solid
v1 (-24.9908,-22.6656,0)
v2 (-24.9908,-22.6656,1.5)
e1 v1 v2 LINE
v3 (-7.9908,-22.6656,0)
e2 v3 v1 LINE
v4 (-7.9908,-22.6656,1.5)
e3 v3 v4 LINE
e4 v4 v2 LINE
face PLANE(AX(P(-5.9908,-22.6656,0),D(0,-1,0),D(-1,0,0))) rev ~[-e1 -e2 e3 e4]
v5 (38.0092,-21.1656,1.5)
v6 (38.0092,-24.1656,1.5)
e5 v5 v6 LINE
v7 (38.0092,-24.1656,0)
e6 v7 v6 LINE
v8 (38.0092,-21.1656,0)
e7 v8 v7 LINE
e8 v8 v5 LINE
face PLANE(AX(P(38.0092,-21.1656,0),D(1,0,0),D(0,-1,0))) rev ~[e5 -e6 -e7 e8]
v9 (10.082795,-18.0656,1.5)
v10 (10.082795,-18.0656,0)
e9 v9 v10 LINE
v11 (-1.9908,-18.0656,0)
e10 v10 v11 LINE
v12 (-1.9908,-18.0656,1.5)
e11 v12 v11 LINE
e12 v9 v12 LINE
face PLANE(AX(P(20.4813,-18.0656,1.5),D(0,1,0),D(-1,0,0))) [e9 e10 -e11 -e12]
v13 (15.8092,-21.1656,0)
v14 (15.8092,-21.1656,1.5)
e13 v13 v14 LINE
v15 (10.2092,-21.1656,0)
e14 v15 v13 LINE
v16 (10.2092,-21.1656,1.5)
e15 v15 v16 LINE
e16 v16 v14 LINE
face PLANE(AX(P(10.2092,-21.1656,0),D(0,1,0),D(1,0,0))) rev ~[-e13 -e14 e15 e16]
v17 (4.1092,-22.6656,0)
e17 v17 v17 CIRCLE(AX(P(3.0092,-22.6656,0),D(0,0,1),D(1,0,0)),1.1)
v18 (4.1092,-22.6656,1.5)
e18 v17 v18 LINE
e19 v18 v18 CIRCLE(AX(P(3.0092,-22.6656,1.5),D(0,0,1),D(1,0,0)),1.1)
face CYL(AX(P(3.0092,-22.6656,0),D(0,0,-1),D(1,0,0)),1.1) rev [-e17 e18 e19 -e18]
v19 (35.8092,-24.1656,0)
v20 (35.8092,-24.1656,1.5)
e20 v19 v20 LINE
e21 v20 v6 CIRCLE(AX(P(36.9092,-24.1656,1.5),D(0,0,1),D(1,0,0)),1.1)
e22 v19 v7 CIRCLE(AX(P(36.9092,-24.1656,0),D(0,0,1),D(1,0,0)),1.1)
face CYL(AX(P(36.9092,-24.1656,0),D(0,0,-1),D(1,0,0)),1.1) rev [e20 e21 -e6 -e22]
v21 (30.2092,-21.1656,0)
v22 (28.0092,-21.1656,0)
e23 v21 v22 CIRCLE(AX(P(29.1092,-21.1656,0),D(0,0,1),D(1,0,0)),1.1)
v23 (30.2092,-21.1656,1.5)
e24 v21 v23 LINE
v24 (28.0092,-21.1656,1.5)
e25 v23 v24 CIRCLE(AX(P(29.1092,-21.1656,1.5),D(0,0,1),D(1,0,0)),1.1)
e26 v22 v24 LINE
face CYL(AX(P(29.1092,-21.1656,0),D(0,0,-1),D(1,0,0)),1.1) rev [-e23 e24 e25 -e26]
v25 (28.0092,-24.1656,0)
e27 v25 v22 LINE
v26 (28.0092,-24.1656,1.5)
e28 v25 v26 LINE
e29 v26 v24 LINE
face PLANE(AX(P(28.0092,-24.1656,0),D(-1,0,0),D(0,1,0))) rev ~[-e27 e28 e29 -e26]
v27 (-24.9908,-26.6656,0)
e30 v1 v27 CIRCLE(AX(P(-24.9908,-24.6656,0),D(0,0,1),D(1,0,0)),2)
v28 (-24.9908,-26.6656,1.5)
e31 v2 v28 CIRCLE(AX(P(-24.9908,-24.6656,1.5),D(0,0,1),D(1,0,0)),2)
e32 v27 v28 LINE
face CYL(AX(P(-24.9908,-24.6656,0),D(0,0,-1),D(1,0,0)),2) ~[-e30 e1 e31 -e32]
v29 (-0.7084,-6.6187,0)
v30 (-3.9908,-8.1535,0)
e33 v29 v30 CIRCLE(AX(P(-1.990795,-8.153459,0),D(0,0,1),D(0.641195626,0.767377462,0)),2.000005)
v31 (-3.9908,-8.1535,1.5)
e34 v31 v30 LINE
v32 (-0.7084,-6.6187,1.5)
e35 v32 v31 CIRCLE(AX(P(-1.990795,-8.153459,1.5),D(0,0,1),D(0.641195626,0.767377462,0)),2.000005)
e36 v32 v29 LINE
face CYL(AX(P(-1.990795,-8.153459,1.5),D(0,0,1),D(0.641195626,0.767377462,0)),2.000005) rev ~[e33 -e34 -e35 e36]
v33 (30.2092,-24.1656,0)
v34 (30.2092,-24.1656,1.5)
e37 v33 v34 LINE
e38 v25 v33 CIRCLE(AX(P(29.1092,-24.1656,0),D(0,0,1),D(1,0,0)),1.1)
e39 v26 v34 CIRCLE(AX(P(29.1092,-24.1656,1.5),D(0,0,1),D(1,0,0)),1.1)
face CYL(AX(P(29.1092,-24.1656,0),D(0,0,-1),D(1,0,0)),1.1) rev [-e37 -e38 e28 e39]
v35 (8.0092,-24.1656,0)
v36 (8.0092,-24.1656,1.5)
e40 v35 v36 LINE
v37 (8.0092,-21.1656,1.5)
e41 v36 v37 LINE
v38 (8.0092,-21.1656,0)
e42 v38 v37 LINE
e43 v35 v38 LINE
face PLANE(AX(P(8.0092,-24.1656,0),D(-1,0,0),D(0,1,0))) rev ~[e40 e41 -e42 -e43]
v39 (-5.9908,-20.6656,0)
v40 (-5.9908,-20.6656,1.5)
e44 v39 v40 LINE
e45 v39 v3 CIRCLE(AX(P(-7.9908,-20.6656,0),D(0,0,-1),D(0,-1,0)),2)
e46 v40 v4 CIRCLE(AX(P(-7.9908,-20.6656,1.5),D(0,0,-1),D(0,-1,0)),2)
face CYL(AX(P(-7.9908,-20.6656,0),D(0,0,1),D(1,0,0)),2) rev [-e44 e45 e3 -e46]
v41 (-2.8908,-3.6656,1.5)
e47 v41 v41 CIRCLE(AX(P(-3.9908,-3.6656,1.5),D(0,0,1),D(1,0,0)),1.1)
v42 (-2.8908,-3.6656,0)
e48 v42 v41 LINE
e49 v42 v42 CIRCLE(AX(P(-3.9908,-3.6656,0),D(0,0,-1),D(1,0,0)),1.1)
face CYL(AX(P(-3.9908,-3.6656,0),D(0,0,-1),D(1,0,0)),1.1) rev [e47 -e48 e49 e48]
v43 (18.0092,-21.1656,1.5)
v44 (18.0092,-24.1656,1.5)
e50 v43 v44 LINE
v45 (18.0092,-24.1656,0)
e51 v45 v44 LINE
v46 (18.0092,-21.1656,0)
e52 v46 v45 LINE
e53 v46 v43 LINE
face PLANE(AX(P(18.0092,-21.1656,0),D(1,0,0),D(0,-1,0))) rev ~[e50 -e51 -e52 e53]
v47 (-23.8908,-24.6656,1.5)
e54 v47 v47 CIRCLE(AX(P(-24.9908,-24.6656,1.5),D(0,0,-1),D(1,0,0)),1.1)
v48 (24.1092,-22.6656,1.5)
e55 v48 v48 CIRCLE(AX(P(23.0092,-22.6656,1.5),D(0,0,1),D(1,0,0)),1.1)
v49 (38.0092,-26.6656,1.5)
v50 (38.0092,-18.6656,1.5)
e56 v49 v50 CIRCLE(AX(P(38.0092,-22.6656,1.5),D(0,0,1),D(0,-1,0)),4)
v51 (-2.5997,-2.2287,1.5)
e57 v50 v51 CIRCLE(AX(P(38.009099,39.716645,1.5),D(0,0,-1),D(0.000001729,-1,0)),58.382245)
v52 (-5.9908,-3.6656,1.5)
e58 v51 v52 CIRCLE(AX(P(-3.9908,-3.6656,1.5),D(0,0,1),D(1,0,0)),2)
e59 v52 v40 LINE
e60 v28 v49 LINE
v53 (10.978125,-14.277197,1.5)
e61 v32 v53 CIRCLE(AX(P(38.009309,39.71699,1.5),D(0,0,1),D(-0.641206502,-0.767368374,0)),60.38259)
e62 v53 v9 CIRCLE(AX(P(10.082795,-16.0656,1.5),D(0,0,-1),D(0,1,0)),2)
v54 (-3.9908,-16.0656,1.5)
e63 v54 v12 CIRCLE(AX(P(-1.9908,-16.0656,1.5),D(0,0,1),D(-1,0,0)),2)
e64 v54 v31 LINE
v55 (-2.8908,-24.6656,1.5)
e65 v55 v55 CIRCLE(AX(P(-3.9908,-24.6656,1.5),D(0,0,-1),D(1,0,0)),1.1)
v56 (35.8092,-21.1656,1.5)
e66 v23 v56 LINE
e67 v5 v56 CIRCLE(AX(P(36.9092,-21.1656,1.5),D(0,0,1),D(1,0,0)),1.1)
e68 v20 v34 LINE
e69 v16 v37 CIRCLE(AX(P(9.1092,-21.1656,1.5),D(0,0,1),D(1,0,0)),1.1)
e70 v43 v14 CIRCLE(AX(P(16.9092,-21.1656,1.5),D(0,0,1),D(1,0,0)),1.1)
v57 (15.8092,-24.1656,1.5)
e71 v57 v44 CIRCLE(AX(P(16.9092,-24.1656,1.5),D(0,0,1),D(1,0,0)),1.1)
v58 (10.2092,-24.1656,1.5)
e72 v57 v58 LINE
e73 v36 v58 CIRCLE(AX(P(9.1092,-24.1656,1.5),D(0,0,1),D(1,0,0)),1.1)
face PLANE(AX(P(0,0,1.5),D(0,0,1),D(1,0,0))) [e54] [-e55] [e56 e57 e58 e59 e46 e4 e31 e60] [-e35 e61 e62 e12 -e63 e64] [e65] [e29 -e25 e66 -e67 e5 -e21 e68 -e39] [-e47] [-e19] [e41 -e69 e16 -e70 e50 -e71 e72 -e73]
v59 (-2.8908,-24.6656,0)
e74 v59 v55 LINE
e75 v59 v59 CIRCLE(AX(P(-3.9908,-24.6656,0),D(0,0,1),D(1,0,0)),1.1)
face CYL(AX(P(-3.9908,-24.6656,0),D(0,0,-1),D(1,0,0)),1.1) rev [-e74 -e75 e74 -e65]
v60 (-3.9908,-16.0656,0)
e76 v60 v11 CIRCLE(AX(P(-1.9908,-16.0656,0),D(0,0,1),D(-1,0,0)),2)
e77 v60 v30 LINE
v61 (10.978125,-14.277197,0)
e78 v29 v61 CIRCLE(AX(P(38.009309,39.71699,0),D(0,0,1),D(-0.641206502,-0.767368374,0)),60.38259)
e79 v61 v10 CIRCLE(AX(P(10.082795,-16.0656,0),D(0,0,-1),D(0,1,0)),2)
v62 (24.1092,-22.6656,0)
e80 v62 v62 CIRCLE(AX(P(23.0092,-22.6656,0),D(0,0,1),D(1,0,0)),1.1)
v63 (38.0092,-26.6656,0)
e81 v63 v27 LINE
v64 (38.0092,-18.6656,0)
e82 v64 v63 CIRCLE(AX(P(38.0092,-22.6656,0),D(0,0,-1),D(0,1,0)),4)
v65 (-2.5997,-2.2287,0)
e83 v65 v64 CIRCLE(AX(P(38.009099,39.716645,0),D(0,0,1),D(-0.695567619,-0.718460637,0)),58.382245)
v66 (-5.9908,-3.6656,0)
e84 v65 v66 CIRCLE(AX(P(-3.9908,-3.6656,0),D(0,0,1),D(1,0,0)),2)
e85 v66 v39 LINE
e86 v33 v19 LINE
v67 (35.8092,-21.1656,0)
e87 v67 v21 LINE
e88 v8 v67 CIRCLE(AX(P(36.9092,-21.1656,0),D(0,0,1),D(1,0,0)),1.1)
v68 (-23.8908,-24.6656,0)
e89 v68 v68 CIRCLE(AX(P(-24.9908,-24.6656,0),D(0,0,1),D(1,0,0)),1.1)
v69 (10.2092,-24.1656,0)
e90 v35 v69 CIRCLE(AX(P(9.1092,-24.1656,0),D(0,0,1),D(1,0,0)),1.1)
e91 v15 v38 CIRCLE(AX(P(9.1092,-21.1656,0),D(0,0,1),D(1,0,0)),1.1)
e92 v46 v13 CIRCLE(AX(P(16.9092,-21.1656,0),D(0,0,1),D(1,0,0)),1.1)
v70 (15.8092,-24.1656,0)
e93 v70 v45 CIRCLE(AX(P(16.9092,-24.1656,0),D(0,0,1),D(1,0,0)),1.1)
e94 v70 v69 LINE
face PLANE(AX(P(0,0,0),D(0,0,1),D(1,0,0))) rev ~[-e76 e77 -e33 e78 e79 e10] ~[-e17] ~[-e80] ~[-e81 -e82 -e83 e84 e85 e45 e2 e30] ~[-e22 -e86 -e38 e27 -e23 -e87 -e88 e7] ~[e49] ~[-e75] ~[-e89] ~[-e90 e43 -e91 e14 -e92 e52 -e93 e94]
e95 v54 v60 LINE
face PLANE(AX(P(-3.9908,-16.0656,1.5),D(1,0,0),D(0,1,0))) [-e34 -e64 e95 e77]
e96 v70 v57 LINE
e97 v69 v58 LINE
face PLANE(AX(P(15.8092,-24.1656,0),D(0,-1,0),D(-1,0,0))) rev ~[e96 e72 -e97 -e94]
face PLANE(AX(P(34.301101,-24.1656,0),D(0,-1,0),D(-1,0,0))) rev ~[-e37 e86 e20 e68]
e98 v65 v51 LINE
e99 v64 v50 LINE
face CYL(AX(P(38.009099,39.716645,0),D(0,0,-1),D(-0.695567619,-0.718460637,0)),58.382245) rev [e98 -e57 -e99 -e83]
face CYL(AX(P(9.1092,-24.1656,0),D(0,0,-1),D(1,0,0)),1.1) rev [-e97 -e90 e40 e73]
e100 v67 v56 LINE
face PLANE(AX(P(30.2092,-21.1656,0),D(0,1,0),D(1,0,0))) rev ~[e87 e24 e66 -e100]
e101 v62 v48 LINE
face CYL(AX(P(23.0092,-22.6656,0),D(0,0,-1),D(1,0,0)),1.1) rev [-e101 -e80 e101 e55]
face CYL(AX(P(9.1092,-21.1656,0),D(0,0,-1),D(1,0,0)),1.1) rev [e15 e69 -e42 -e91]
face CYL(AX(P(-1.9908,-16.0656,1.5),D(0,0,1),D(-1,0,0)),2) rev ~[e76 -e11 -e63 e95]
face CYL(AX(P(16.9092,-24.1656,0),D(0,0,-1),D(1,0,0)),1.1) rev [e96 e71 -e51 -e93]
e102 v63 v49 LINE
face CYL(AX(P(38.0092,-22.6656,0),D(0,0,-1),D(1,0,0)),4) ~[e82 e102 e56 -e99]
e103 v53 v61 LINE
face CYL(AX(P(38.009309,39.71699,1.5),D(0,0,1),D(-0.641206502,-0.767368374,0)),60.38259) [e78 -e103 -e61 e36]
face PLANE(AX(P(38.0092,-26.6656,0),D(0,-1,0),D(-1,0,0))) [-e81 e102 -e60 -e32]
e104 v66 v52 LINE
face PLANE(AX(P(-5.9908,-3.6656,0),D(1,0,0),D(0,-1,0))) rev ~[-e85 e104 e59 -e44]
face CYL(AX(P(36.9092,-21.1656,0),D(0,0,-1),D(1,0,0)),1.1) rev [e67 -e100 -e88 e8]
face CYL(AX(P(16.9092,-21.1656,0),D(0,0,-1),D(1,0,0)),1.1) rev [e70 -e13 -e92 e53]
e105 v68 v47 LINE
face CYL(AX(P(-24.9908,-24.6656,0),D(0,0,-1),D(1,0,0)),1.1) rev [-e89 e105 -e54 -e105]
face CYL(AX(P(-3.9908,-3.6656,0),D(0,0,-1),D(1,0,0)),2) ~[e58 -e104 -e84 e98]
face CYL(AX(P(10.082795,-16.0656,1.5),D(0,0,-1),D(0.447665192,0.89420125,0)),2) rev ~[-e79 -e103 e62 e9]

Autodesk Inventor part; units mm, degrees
ref_plane "YZ Plane" through (0, 0, 0) normal (1, 0, 0) x (0, 1, 0)
ref_plane "XZ Plane" through (0, 0, 0) normal (0, 1, 0) x (-1, 0, 0)
ref_plane "XY Plane" through (0, 0, 0) normal (0, 0, 1) x (1, 0, 0)
sketch "スケッチ1" plane through (0, 0, 0) normal (0, 0, 1) x (1, 0, 0)
  circle A0 centre (-3.9908, -3.6656) radius 1 projected
  circle A1 centre (-24.9908, -24.6656) radius 1 projected
  line L0 (-3.9908, -3.6656) -> (-24.9908, -3.6656) construction
  line L1 (-24.9908, -3.6656) -> (-24.9908, -24.6656) construction
  line L2 (-24.9908, -24.6656) -> (-3.9908, -24.6656) construction
  line L3 (-3.9908, -24.6656) -> (-3.9908, -3.6656) construction
  circle A2 centre (-3.9908, -3.6656) radius 1.1
  circle A3 centre (-24.9908, -3.6656) radius 1.1
  circle A4 centre (-3.9908, -24.6656) radius 1.1
  circle A5 centre (-24.9908, -24.6656) radius 1.1
  circle A6 centre (-24.9908, -14.1656) radius 8 projected
  circle A7 centre (-24.9908, -24.6656) radius 2
  circle A8 centre (-3.9908, -24.6656) radius 2
  circle A9 centre (-24.9908, -3.6656) radius 2
  circle A10 centre (-3.9908, -3.6656) radius 2
  line L4 (-24.9908, -26.6656) -> (-1.9908, -26.6656)
  line L5 (-3.9908, -26.6656) -> (-3.9908, -22.6656)
  line L6 (-3.9908, -22.6656) -> (-24.9908, -22.6656)
  line L7 (-24.9908, -22.6656) -> (-24.9908, -26.6656)
  line L8 (-5.9908, -24.6656) -> (-1.9908, -24.6656)
  line L9 (-1.9908, -24.6656) -> (-1.9908, -3.6656)
  line L10 (-1.9908, -3.6656) -> (-5.9908, -3.6656)
  line L11 (-5.9908, -3.6656) -> (-5.9908, -24.6656)
  line L12 (18.0092, -24.1656) -> (8.0092, -24.1656)
  line L13 (8.0092, -24.1656) -> (8.0092, -21.1656)
  line L14 (8.0092, -21.1656) -> (18.0092, -21.1656)
  line L15 (18.0092, -21.1656) -> (18.0092, -24.1656)
  line L16 (38.0092, -24.1656) -> (28.0092, -24.1656)
  line L17 (28.0092, -24.1656) -> (28.0092, -21.1656)
  line L18 (28.0092, -21.1656) -> (38.0092, -21.1656)
  line L19 (38.0092, -21.1656) -> (38.0092, -24.1656)
  circle A11 centre (16.9092, -24.1656) radius 1.1
  line L20 (13.0092, -24.1656) -> (13.0092, -21.1656) construction
  line L21 (13.0092, -22.6656) -> (18.0092, -22.6656) construction
  line L22 (28.0092, -22.6656) -> (18.0092, -22.6656) construction
  line L23 (23.0092, -22.6656) -> (23.0092, -26.0364) construction
  circle A12 centre (9.1092, -24.1656) radius 1.1
  circle A13 centre (16.9092, -21.1656) radius 1.1
  circle A14 centre (9.1092, -21.1656) radius 1.1
  circle A15 centre (29.1092, -24.1656) radius 1.1
  circle A16 centre (36.9092, -24.1656) radius 1.1
  circle A17 centre (29.1092, -21.1656) radius 1.1
  circle A18 centre (36.9092, -21.1656) radius 1.1
  line L24 (42.0092, -26.6656) -> (-1.9908, -26.6656)
  line L25 (-1.9908, -26.6656) -> (-1.9908, -18.1656)
  line L26 (-1.9908, -18.1656) -> (42.0092, -18.1656)
  line L27 (42.0092, -18.1656) -> (42.0092, -26.6656)
  circle A19 centre (38.0092, -22.6656) radius 4
  arc A20 (-2.5997, -2.2287) -> (38.0092, -18.6656) centre (38.0092, 39.7168) ccw
  circle A21 centre (23.0092, -22.6656) radius 1.1
  circle A22 centre (3.0092, -22.6656) radius 1.1
  line L28 (38.0092, -18.6656) -> (-1.9908, -18.6656) construction
  point P0 (0, 0)
  point P1 (38.0092, -26.6656)
  point P2 (-5.9908, -22.6656)
  point P3 (15.8092, -24.1656)
  point P4 (10.2092, -24.1656)
  point P5 (10.2092, -21.1656)
  point P6 (15.8092, -21.1656)
  point P7 (35.8092, -21.1656)
  point P8 (35.8092, -24.1656)
  point P9 (30.2092, -24.1656)
  point P10 (30.2092, -21.1656)
  point P11 (30.3847, -18.1656)
  point P12 (42.0092, -22.6656)
  dimension "d11" = 4
  dimension "d24" = 2.2
  dimension "d0" = 21
  dimension "d1" = 21
  dimension "d2" = 2.2
  dimension "d5" = 21
  dimension "d8" = 21
  dimension "d14" = 21
  dimension "d17" = 21
  dimension "d20" = 10
  dimension "d21" = 3
  dimension "d22" = 10
  dimension "d23" = 3
  dimension "d25" = 2.5
  dimension "d26" = 3
  dimension "d28" = 10
  dimension "d29" = 10
  dimension "d31" = 2.2
extrude "押し出し1" add sketch "スケッチ1" along normal blind 1.5 contours L10 A10 A2 | A2 L10 A10 | L9 A8 L6 L11 A10 | A10 A20 L26 L9 | L26 A20 A19 L18 A17 L17 A15 L16 L24 L25 L9 | L11 A8 L4 A7 L6 | L6 A8 L11 | L8 A4 L5 A8 | L25 L4 A8 | A8 L5 A4 L8 | L5 A4 L8 A8 | L7 A5 A7 | A7 L7 A5 | L8 A4 L5 A8 | A19 L16 A16 L19 A18 L18 picked at (39.3425, -22.6656)
fillet "フィレット1" radius 2 1 edges at (-5.9908, -22.6656, 0.75)
sketch "スケッチ2" plane through (0, 0, 1.5) normal (0, 0, 1) x (1, 0, 0)
  line L0 (-24.9908, -26.6656) -> (38.0092, -26.6656) projected
  arc A0 (38.0092, -26.6656) -> (38.0092, -18.6656) centre (38.0092, -22.6656) ccw projected
  arc A1 (-2.5997, -2.2287) -> (38.0092, -18.6656) centre (38.0092, 39.7168) ccw projected
  arc A2 (-2.5997, -2.2287) -> (-5.9908, -3.6656) centre (-3.9908, -3.6656) ccw projected
  line L1 (-5.9908, -3.6656) -> (-5.9908, -20.6656) projected
  arc A3 (-7.9908, -22.6656) -> (-5.9908, -20.6656) centre (-7.9908, -20.6656) ccw projected
  line L2 (-7.9908, -22.6656) -> (-24.9908, -22.6656) projected
  arc A4 (-24.9908, -22.6656) -> (-24.9908, -26.6656) centre (-24.9908, -24.6656) ccw projected
  circle A5 centre (-24.9908, -24.6656) radius 1.1 projected
  circle A6 centre (-3.9908, -3.6656) radius 1.1 projected
  circle A7 centre (-3.9908, -24.6656) radius 1.1 projected
  line L3 (18.0092, -21.1656) -> (18.0092, -24.1656) projected
  arc A8 (15.8092, -24.1656) -> (18.0092, -24.1656) centre (16.9092, -24.1656) ccw projected
  line L4 (15.8092, -24.1656) -> (10.2092, -24.1656) projected
  arc A9 (8.0092, -24.1656) -> (10.2092, -24.1656) centre (9.1092, -24.1656) ccw projected
  line L5 (8.0092, -24.1656) -> (8.0092, -21.1656) projected
  arc A10 (10.2092, -21.1656) -> (8.0092, -21.1656) centre (9.1092, -21.1656) ccw projected
  line L6 (10.2092, -21.1656) -> (15.8092, -21.1656) projected
  arc A11 (18.0092, -21.1656) -> (15.8092, -21.1656) centre (16.9092, -21.1656) ccw projected
  circle A12 centre (3.0092, -22.6656) radius 1.1 projected
  circle A13 centre (23.0092, -22.6656) radius 1.1 projected
  line L7 (30.2092, -21.1656) -> (35.8092, -21.1656) projected
  arc A14 (38.0092, -21.1656) -> (35.8092, -21.1656) centre (36.9092, -21.1656) ccw projected
  line L8 (38.0092, -21.1656) -> (38.0092, -24.1656) projected
  arc A15 (35.8092, -24.1656) -> (38.0092, -24.1656) centre (36.9092, -24.1656) ccw projected
  line L9 (35.8092, -24.1656) -> (30.2092, -24.1656) projected
  arc A16 (28.0092, -24.1656) -> (30.2092, -24.1656) centre (29.1092, -24.1656) ccw projected
  line L10 (28.0092, -24.1656) -> (28.0092, -21.1656) projected
  arc A17 (30.2092, -21.1656) -> (28.0092, -21.1656) centre (29.1092, -21.1656) ccw projected
  line L11 (38.0092, -24.6656) -> (-7.9908, -24.6656)
  arc A18 (-7.9908, -24.6656) -> (-3.9908, -20.6656) centre (-7.9908, -20.6656) ccw
  line L12 (-3.9908, -16.0656) -> (-3.9908, -8.1535)
  arc A19 (-0.7084, -6.6187) -> (38.0092, -20.6656) centre (38.0092, 39.7168) ccw
  arc A20 (38.0092, -24.6656) -> (38.0092, -20.6656) centre (38.0092, -22.6656) ccw
  arc A21 (-0.7084, -6.6187) -> (-3.9908, -8.1535) centre (-1.9908, -8.1535) ccw
  line L13 (20.4813, -18.0656) -> (-1.9908, -18.0656)
  arc A22 (-3.9908, -16.0656) -> (-1.9908, -18.0656) centre (-1.9908, -16.0656) ccw
  point P0 (0, 0)
  point P1 (-3.9908, -3.6656)
  point P2 (17.4157, -17.0454)
  point P3 (-3.9908, -15.0454)
  point P4 (9.1092, -20.0656)
  point P5 (9.2452, -18.0656)
  dimension "d35" = 2
  dimension "d36" = 2
  dimension "d40" = 2
  dimension "d41" = 2
extrude "押し出し2" cut sketch "スケッチ2" against normal blind 1.5 contours L13 A22 L12 A21 A19
fillet "フィレット2" [suppressed]
fillet "フィレット3" radius 2 1 edges at (20.4813, -18.0656, 0.75)
equation "\"d5\" = d0"
equation "\"d8\" = d1"
equation "\"d14\" = d0"
equation "\"d17\" = d8"
properties part number "3304_tesaki" material "アルミニウム 2014-T4"
